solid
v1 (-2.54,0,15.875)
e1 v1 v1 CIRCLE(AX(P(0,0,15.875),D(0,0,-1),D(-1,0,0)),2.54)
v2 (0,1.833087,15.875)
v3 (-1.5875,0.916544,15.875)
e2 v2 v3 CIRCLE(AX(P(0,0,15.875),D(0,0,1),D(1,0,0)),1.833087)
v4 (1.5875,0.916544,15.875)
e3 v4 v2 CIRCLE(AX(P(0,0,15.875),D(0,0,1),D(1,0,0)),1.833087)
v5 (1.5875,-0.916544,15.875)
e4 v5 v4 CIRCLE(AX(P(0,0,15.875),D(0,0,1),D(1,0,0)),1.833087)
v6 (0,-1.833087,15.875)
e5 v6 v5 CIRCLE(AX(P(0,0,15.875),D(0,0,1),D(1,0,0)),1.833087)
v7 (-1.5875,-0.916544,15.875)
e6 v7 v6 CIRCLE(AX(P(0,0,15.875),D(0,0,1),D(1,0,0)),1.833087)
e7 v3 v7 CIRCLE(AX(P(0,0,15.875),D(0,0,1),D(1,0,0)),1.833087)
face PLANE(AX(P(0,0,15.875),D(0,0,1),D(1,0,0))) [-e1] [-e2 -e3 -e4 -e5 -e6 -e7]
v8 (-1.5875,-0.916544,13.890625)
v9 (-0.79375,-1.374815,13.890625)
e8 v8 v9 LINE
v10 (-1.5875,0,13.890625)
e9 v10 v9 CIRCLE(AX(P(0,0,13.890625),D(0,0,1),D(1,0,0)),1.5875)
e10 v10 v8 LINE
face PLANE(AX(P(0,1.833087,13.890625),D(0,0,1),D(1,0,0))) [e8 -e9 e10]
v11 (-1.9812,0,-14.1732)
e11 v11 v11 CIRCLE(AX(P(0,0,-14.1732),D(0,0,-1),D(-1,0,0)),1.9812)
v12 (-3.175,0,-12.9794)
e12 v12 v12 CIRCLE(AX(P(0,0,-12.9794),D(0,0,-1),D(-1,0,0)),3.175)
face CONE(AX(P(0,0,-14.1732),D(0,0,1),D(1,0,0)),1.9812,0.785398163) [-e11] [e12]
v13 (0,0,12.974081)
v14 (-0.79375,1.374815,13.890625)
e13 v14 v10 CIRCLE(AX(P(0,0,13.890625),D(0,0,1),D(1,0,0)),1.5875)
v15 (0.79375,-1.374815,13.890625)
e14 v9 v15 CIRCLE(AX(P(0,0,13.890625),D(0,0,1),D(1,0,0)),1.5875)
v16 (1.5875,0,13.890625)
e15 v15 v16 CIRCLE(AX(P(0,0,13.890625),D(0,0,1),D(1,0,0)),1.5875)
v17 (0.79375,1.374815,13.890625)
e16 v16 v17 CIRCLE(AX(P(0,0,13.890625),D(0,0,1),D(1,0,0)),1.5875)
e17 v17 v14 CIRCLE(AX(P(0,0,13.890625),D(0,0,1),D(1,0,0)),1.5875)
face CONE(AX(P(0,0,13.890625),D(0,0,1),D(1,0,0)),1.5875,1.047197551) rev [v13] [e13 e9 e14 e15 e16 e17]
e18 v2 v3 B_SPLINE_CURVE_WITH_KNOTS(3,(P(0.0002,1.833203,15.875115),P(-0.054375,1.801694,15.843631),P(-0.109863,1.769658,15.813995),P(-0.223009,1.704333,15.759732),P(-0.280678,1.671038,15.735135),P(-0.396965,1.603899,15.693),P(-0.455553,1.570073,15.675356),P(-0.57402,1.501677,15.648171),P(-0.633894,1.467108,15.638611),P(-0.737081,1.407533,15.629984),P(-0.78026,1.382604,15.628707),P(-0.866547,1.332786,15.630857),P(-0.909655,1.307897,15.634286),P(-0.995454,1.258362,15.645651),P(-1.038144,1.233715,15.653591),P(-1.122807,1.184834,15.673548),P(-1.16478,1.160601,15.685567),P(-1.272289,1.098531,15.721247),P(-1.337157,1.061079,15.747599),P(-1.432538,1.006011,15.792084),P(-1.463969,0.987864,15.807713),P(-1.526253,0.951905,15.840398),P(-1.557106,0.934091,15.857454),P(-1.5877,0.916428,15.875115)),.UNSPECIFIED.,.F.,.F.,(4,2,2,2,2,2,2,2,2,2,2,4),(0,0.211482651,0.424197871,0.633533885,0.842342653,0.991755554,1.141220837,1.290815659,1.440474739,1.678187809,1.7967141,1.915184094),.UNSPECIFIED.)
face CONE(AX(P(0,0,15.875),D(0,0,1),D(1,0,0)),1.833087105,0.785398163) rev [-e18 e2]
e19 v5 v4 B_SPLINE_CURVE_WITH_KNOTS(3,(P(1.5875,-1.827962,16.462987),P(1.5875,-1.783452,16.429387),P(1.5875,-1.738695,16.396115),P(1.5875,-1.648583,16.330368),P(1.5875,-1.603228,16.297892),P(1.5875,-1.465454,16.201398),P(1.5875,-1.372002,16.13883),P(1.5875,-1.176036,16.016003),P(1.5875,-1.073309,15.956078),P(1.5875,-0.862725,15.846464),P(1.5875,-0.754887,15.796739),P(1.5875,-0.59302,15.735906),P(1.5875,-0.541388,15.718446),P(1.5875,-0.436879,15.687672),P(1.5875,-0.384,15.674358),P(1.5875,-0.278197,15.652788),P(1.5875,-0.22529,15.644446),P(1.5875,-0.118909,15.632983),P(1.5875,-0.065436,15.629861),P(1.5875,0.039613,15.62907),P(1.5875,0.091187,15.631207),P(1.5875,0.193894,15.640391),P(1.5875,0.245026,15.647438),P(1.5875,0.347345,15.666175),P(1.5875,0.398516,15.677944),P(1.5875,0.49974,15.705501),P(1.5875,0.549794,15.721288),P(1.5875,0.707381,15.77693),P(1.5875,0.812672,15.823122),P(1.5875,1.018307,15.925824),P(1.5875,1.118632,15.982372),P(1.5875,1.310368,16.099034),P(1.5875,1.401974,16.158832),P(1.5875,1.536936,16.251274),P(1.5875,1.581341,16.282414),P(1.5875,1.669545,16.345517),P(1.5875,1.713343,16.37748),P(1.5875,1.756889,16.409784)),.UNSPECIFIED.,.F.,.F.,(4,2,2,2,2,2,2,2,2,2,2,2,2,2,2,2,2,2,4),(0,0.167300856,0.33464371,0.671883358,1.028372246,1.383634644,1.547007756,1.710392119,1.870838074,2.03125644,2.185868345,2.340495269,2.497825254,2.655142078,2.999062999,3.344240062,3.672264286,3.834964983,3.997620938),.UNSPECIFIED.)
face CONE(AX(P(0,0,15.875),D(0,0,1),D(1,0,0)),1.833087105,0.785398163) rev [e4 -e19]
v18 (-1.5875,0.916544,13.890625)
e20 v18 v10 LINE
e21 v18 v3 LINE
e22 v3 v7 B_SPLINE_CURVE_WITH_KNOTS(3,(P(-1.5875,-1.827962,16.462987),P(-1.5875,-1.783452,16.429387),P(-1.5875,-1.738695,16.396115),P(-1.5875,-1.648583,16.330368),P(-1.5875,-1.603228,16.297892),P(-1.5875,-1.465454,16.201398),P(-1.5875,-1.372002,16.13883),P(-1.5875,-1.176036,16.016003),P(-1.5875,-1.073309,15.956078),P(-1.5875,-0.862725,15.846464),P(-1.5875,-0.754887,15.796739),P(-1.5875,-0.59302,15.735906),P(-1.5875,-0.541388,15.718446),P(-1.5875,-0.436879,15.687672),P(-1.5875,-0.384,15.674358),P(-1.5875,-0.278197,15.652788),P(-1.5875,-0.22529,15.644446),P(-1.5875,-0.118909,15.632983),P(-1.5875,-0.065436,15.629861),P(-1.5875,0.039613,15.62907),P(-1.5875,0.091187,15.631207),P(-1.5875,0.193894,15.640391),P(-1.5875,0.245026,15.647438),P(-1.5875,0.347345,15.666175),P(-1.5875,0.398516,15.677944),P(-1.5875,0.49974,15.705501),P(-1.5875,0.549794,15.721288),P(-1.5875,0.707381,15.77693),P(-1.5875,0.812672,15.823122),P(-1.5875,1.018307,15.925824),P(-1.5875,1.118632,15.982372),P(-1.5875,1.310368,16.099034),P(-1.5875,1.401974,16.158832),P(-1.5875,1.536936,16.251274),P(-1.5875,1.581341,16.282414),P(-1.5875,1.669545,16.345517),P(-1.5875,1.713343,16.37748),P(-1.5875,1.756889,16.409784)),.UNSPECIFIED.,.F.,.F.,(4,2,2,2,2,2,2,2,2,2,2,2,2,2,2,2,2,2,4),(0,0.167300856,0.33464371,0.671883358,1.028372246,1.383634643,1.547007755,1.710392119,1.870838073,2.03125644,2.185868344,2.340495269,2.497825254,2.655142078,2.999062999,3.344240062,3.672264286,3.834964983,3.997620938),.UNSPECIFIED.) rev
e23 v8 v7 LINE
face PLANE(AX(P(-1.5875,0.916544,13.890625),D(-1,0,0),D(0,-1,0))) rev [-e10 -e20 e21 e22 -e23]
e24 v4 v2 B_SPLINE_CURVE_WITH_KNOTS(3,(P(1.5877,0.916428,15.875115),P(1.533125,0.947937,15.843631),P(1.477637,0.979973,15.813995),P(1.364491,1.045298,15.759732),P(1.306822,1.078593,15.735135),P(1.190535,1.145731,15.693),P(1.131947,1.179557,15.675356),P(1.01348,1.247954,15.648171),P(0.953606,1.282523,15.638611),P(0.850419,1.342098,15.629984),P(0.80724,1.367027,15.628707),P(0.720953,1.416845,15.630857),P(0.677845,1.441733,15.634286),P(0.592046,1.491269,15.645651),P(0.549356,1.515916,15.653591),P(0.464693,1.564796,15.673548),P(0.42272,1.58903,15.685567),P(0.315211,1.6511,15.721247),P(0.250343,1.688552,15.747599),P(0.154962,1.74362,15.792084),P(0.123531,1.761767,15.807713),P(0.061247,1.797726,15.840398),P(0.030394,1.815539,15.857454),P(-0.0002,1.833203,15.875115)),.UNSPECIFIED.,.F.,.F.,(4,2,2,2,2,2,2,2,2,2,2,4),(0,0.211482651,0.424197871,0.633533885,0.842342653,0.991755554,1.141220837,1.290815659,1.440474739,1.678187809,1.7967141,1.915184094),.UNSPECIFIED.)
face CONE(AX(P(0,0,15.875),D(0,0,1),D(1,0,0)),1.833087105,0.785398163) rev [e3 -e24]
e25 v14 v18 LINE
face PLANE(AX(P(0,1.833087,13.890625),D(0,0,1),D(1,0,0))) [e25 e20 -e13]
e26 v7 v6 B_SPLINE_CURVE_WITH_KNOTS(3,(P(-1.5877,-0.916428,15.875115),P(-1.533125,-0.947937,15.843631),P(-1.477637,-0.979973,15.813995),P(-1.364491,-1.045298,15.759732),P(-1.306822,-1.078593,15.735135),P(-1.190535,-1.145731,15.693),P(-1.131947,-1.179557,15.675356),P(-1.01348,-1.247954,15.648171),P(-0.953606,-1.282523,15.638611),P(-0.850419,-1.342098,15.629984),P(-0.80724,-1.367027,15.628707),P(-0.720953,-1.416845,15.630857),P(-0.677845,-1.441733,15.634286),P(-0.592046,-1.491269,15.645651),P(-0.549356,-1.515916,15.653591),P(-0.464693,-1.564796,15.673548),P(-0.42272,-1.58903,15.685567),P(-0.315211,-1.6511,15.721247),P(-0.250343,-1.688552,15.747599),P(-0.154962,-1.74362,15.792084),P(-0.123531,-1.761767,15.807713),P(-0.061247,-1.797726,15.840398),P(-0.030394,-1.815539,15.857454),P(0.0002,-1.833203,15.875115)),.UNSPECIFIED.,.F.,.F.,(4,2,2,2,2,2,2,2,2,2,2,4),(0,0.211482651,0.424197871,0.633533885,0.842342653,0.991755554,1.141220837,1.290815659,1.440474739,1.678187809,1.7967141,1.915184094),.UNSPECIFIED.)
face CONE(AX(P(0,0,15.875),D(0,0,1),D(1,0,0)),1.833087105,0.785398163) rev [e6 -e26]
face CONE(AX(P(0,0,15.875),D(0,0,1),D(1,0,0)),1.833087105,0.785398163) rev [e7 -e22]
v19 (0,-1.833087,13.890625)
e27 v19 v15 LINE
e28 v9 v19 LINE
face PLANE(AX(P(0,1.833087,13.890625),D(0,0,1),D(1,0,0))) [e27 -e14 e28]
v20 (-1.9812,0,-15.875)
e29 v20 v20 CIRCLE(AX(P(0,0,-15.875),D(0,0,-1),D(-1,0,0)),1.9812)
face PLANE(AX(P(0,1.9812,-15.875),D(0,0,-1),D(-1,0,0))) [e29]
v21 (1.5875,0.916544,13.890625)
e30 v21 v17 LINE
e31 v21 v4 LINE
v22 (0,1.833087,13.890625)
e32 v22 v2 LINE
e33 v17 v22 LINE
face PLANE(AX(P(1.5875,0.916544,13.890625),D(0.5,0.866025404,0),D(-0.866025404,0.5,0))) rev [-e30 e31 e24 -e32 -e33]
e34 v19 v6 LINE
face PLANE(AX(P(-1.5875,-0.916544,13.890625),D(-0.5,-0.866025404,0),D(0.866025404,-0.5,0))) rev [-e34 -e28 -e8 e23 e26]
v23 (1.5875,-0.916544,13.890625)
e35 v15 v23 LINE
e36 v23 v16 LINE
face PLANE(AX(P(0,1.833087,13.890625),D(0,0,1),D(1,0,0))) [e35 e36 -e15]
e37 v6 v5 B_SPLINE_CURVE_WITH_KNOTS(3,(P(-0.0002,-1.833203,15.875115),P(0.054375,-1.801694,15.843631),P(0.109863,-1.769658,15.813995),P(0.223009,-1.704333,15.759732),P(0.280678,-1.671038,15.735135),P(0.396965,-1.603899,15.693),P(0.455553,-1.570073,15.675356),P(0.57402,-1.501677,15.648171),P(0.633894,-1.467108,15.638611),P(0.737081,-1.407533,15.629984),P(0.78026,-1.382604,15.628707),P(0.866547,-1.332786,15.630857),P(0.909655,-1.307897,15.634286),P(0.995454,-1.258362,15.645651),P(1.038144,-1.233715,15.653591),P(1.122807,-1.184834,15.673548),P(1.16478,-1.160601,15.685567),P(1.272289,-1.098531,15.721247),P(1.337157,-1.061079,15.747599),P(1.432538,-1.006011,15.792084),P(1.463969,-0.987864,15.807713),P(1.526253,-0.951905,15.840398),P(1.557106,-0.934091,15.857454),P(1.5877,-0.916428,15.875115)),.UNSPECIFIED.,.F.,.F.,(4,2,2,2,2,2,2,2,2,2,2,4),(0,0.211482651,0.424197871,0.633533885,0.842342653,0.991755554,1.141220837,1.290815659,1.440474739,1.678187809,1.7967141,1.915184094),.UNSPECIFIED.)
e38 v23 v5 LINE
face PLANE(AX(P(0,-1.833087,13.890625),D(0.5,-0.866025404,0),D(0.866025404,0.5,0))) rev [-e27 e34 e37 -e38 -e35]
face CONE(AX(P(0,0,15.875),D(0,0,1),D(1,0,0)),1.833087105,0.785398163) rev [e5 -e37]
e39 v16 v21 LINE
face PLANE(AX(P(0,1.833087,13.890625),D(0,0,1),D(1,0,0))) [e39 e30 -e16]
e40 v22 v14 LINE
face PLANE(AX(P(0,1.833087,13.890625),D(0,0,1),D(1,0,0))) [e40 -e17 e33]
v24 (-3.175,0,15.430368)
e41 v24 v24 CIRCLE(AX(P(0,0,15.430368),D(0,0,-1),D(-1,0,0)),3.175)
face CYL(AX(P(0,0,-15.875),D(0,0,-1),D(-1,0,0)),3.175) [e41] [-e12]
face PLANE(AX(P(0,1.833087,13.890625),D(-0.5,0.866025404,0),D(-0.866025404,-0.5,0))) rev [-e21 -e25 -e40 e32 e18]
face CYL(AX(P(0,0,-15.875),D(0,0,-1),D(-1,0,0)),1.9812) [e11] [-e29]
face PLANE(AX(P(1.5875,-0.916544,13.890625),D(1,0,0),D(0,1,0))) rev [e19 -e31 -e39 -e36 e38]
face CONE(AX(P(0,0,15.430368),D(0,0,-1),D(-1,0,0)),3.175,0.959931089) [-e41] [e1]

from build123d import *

# Parameters (mm, degrees)
CUT_EXTRUDE10_DEPTH = 1.984375


with BuildPart() as part:
    # Sketch22 → Revolve1 (revolve)
    with BuildSketch(Plane(origin=(0, 0, 0), x_dir=(0, 0, -1), z_dir=(1, 0, 0))):
        Polygon((-15.875, 0), (-15.875, 2.54), (-15.430368213, 3.175), (12.9794, 3.175), (14.1732, 1.9812), (15.875, 1.9812), (15.875, 0), align=None)
    revolve(axis=Axis((0, 0, -15.875), (0, 0, 1)))

    # Sketch23 → Cut-Extrude10 (cut)
    with BuildSketch(Plane.XY.offset(15.875)):
        Polygon((0, 1.833087105), (-1.5875, 0.916543552), (-1.5875, -0.916543552), (0, -1.833087105), (1.5875, -0.916543552), (1.5875, 0.916543552), align=None)
    extrude(amount=-CUT_EXTRUDE10_DEPTH, mode=Mode.SUBTRACT)

    # Cut-Extrude11 cone 1 section (through the dimple's axis) → Cut-Extrude11 (revolve, cut)
    with BuildSketch(Plane(origin=(0, 0, 15.875), x_dir=(0, -1, 0), z_dir=(1, 0, 0))):
        Polygon((0, 0), (1.833087105, 0), (0, 1.833087105), align=None)
    revolve(axis=Axis((0, 0, 15.875), (0, 0, -1)), mode=Mode.SUBTRACT)

    # Cut-Extrude12 cone 1 section (through the dimple's axis) → Cut-Extrude12 (revolve, cut)
    with BuildSketch(Plane(origin=(0, 0, 13.890625), x_dir=(0, -1, 0), z_dir=(1, 0, 0))):
        Polygon((0, 0), (1.5875, 0), (0, 0.916543552), align=None)
    revolve(axis=Axis((0, 0, 13.890625), (0, 0, -1)), mode=Mode.SUBTRACT)


solid = part.part
